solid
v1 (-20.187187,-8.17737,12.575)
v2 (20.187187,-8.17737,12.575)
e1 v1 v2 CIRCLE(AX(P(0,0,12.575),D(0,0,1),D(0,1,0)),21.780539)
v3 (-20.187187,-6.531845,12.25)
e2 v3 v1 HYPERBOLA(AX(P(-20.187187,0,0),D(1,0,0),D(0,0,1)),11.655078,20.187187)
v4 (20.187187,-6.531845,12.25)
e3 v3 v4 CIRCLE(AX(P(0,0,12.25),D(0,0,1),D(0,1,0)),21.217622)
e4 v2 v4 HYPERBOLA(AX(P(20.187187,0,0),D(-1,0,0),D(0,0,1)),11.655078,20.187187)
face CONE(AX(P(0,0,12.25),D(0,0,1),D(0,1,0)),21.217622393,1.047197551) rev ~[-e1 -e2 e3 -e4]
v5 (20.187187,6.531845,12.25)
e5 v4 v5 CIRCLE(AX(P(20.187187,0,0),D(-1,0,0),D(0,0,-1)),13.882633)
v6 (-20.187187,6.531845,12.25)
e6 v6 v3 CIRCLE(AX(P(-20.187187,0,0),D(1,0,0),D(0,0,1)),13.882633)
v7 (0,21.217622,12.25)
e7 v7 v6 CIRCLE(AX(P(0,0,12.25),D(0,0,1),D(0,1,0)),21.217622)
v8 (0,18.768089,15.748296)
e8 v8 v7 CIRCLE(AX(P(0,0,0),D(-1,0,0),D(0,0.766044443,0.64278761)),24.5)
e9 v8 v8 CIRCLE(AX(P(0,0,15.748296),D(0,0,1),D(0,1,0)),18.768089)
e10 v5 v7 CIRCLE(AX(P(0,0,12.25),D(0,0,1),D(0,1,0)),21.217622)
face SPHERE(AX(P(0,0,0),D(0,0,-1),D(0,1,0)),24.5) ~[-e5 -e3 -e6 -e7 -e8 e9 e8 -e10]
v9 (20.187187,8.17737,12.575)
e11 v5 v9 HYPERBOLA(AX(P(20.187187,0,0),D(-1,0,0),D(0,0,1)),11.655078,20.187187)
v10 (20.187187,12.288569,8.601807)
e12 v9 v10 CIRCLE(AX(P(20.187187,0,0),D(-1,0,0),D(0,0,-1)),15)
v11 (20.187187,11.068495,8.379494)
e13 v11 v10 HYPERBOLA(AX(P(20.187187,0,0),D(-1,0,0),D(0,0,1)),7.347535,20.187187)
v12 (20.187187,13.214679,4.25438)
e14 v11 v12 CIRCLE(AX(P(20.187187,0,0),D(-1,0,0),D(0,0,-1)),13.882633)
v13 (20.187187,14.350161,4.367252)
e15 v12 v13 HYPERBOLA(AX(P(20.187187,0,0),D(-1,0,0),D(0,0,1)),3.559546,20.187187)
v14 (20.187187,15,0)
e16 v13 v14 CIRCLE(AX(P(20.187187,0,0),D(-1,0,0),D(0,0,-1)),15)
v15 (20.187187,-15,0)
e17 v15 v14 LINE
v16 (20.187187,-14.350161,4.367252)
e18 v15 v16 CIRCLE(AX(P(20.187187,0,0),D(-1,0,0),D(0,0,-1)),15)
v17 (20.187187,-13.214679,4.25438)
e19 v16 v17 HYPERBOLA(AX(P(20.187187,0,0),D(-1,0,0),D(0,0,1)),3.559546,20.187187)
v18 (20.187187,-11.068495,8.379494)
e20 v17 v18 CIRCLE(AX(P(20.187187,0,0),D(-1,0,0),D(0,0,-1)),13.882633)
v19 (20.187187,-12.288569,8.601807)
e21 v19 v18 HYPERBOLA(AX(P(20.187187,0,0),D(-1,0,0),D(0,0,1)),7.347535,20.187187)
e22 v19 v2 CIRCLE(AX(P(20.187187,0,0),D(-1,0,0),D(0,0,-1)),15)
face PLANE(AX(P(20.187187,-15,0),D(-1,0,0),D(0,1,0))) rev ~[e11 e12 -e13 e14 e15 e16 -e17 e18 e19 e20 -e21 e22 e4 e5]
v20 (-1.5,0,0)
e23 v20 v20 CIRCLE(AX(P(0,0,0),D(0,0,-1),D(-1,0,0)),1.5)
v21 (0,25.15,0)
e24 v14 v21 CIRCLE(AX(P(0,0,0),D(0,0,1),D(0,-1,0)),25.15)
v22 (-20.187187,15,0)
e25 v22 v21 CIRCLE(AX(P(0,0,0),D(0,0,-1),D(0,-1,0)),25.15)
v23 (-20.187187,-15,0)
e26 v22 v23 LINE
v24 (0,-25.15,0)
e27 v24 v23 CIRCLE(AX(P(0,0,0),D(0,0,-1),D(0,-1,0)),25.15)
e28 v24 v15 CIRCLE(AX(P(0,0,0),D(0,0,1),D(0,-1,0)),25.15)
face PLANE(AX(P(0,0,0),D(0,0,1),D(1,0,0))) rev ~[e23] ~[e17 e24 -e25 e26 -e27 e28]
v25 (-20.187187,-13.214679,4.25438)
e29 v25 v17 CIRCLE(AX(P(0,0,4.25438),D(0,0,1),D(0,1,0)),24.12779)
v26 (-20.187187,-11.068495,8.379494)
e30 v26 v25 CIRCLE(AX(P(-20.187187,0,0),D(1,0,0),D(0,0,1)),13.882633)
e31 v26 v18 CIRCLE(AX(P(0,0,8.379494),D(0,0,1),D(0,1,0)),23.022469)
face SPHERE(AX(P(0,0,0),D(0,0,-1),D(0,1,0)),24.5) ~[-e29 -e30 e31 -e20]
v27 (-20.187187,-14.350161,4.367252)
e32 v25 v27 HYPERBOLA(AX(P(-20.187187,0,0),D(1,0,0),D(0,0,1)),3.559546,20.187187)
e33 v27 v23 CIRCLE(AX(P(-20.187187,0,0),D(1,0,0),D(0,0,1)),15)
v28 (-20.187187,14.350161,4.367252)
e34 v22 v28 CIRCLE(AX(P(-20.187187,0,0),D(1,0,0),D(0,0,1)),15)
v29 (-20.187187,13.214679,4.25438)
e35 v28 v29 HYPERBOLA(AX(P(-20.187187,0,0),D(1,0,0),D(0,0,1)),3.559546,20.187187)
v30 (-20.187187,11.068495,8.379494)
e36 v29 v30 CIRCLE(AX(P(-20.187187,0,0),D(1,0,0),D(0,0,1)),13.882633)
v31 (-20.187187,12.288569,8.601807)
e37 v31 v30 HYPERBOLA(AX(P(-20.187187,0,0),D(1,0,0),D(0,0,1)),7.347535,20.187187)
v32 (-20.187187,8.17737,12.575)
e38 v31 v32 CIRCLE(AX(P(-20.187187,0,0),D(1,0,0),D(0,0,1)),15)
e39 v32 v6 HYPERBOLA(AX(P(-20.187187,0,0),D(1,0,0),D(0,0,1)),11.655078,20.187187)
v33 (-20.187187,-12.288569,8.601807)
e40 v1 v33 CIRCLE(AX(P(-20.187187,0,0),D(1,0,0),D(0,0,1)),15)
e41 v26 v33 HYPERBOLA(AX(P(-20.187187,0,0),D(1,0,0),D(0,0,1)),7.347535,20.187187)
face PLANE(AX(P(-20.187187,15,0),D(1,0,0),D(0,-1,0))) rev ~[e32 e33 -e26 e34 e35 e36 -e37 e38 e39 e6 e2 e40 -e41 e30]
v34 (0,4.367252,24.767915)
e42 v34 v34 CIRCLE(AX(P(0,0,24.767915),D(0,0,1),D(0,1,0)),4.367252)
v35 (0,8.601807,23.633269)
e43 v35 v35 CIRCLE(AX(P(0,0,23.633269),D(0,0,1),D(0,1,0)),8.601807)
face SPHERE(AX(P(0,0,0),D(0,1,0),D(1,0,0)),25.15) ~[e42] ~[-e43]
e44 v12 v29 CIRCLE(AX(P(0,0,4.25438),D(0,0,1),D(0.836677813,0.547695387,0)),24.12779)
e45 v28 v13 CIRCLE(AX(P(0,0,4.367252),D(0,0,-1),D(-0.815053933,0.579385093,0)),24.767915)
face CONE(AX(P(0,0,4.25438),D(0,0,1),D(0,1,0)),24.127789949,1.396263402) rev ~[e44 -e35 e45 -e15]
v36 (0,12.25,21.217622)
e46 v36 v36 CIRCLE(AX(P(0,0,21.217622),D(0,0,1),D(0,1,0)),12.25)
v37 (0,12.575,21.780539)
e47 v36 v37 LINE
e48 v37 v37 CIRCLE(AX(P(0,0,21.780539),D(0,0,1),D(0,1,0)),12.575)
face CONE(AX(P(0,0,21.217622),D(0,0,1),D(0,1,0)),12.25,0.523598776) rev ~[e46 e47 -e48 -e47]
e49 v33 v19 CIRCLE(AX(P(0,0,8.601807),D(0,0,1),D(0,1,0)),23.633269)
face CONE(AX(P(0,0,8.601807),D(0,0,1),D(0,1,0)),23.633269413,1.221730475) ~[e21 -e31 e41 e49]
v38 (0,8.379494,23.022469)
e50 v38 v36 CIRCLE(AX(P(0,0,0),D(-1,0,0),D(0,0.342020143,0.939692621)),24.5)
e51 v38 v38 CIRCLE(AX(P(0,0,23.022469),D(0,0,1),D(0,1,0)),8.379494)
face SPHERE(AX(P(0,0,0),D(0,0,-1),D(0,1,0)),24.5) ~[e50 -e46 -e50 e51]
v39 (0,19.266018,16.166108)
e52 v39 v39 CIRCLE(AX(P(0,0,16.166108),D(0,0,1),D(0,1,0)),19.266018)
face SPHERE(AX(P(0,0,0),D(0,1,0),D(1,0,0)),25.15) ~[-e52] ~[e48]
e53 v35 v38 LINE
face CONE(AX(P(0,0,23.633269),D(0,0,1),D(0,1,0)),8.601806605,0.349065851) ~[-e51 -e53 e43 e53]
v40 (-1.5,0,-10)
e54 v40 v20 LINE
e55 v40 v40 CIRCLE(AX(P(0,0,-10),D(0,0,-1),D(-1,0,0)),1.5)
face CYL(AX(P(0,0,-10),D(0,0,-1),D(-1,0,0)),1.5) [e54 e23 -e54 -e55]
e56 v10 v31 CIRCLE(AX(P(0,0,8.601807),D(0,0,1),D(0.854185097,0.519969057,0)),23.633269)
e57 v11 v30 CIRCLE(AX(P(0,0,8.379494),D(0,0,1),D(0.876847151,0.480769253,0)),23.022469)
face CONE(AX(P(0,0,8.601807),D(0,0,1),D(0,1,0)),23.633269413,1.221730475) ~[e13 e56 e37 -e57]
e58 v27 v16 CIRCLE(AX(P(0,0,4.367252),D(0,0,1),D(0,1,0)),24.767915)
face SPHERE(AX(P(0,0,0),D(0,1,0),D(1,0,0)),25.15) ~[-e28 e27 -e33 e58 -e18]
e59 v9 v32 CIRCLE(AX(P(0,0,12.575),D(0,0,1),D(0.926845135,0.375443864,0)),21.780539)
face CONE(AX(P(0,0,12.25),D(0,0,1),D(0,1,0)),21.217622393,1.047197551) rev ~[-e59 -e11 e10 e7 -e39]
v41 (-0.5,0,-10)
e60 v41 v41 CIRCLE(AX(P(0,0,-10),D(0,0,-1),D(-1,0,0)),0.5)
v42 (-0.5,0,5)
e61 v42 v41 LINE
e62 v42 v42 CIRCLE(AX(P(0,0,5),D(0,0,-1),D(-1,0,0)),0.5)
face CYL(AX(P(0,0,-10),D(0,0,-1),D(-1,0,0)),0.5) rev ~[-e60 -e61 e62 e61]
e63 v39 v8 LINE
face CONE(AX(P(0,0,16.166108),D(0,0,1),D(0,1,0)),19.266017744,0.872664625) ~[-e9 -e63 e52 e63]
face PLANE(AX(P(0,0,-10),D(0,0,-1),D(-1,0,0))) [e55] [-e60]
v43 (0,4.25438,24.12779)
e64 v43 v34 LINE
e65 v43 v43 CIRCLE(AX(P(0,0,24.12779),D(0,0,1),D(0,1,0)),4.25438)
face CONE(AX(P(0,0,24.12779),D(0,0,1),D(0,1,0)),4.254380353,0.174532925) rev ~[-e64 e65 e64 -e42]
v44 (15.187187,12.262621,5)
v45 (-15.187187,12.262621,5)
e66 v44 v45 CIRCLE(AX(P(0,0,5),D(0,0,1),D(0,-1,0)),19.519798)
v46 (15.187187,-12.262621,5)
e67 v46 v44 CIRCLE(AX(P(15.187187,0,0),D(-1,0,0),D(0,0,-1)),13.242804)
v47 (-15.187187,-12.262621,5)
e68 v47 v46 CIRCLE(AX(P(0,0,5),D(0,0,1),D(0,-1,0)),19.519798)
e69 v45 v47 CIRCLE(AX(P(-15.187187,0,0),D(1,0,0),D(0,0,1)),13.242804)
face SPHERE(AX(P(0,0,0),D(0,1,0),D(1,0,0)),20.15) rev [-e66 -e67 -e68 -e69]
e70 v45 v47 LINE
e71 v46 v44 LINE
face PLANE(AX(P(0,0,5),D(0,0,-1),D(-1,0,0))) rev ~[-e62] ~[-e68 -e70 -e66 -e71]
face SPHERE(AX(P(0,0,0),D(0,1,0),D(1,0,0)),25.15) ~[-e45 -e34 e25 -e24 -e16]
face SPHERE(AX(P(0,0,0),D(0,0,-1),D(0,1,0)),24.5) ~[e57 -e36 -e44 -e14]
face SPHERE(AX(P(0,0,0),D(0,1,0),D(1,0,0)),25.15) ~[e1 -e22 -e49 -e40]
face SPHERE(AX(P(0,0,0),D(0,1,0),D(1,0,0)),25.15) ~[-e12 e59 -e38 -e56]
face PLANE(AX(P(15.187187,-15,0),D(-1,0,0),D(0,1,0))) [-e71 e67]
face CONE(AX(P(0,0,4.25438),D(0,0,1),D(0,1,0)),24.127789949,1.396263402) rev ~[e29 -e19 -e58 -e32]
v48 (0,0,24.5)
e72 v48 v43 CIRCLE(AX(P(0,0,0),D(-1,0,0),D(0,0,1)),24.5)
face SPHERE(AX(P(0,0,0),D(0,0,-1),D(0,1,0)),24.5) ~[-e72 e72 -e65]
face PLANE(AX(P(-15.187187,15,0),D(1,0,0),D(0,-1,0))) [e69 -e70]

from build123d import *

# Parameters (mm, degrees)
REVOLVE_1_ANGLE     = 180
CUT_EXTRUDE_1_DEPTH = 44.56107781
SHELL_1_T           = -5
SKETCH_3_R          = 1.5
SKETCH_3_R_2        = 0.5
EXTRUDE_3_DEPTH     = 5
EXTRUDE_START       = 10
SKETCH_5_R          = 1.5
SKETCH_5_R_2        = 0.5
EXTRUDE_4_DEPTH     = 10


with BuildPart() as part:
    # 草图1 → 旋转1 (revolve)
    with BuildSketch(Plane.XY):
        with BuildLine():
            Line((0, 25.15), (0, -25.15))
            ThreePointArc((0, -25.15), (25.15, 0), (0, 25.15))
        make_face()
    revolve(axis=Axis((0, 25.15, 0), (0, -1, 0)), revolution_arc=REVOLVE_1_ANGLE)

    # 草图2 → 切除-拉伸1 (cut, through all)
    with BuildSketch(Plane(origin=(0, 0, 0), x_dir=(-1, 0, 0), z_dir=(0, 0, -1))):
        with BuildLine():
            ThreePointArc((25.15, 0), (23.877083587, 7.899834137), (20.18718653, 15))
            Line((20.18718653, 15), (20.18718653, -15))
            ThreePointArc((20.18718653, -15), (23.877083587, -7.899834137), (25.15, 0))
        make_face()
        with BuildLine():
            Line((-20.18718653, -15), (-20.18718653, 15))
            ThreePointArc((-20.18718653, 15), (-25.15, 0), (-20.18718653, -15))
        make_face()
    extrude(amount=-CUT_EXTRUDE_1_DEPTH, mode=Mode.SUBTRACT)

    # 抽壳1
    shell_1_openings = [part.faces().sort_by_distance(p)[0] for p in [
        (0, 0, 0),
    ]]
    offset(amount=SHELL_1_T, openings=shell_1_openings)

    # 草图3 → 凸台-拉伸3 (add)
    # profile 1 of 2: a face of its own
    with BuildSketch(Plane(origin=(0, 0, 0), x_dir=(-1, 0, 0), z_dir=(0, 0, -1))):
        with BuildLine():
            ThreePointArc((-15.18718653, 13.242804284), (0, 20.15), (15.18718653, 13.242804284))
            Line((15.18718653, 13.242804284), (15.18718653, -13.242804284))
            ThreePointArc((15.18718653, -13.242804284), (0, -20.15), (-15.18718653, -13.242804284))
            Line((-15.18718653, -13.242804284), (-15.18718653, 13.242804284))
        make_face()
        Circle(SKETCH_3_R, mode=Mode.SUBTRACT)
    # profile 2 of 2: a face of its own
    with BuildSketch(Plane(origin=(0, 0, 0), x_dir=(-1, 0, 0), z_dir=(0, 0, -1))):
        Circle(SKETCH_3_R)
        Circle(SKETCH_3_R_2, mode=Mode.SUBTRACT)
    extrude(amount=-EXTRUDE_3_DEPTH)

    # 草图5 → 凸台-拉伸4 (add)
    with BuildSketch(Plane(origin=(0, 0, 0), x_dir=(-1, 0, 0), z_dir=(0, 0, -1)).offset(EXTRUDE_START)):
        Circle(SKETCH_5_R)
        Circle(SKETCH_5_R_2, mode=Mode.SUBTRACT)
    extrude(amount=-EXTRUDE_4_DEPTH)

    # 草图6 → 切除-旋转2 (revolve, cut)
    with BuildSketch(Plane(origin=(0, 0, 0), x_dir=(0, 0, -1), z_dir=(1, 0, 0))):
        with BuildLine():
            ThreePointArc((-8.379493511, 23.022469209), (-6.341066605, 23.665182744), (-4.254380353, 24.127789949))
            Line((-4.254380353, 24.127789949), (-4.367251668, 24.767914988))
            ThreePointArc((-4.367251668, 24.767914988), (-6.509298984, 24.293034531), (-8.601806605, 23.633269413))
            Line((-8.601806605, 23.633269413), (-8.379493511, 23.022469209))
        make_face()
        with BuildLine():
            ThreePointArc((-15.748296437, 18.768088856), (-14.052622691, 20.069225085), (-12.25, 21.217622393))
            Line((-12.25, 21.217622393), (-12.575, 21.780538905))
            ThreePointArc((-12.575, 21.780538905), (-14.425447374, 20.601673914), (-16.166108384, 19.266017744))
            Line((-16.166108384, 19.266017744), (-15.748296437, 18.768088856))
        make_face()
        with BuildLine():
            ThreePointArc((-23.022469209, 8.379493511), (-22.204540782, 10.354147413), (-21.217622393, 12.25))
            Line((-21.217622393, 12.25), (-21.780538905, 12.575))
            ThreePointArc((-21.780538905, 12.575), (-22.793640844, 10.628849283), (-23.633269413, 8.601806605))
            Line((-23.633269413, 8.601806605), (-23.022469209, 8.379493511))
        make_face()
        with BuildLine():
            Line((-25.15, 0), (-24.5, 0))
            ThreePointArc((-24.5, 0), (-24.406770103, 2.135315697), (-24.127789949, 4.254380353))
            Line((-24.127789949, 4.254380353), (-24.767914988, 4.367251668))
            ThreePointArc((-24.767914988, 4.367251668), (-25.054296657, 2.19196693), (-25.15, 0))
        make_face()
    revolve(axis=Axis((0, 0, 0), (0, 0, 1)), mode=Mode.SUBTRACT)


solid = part.part
